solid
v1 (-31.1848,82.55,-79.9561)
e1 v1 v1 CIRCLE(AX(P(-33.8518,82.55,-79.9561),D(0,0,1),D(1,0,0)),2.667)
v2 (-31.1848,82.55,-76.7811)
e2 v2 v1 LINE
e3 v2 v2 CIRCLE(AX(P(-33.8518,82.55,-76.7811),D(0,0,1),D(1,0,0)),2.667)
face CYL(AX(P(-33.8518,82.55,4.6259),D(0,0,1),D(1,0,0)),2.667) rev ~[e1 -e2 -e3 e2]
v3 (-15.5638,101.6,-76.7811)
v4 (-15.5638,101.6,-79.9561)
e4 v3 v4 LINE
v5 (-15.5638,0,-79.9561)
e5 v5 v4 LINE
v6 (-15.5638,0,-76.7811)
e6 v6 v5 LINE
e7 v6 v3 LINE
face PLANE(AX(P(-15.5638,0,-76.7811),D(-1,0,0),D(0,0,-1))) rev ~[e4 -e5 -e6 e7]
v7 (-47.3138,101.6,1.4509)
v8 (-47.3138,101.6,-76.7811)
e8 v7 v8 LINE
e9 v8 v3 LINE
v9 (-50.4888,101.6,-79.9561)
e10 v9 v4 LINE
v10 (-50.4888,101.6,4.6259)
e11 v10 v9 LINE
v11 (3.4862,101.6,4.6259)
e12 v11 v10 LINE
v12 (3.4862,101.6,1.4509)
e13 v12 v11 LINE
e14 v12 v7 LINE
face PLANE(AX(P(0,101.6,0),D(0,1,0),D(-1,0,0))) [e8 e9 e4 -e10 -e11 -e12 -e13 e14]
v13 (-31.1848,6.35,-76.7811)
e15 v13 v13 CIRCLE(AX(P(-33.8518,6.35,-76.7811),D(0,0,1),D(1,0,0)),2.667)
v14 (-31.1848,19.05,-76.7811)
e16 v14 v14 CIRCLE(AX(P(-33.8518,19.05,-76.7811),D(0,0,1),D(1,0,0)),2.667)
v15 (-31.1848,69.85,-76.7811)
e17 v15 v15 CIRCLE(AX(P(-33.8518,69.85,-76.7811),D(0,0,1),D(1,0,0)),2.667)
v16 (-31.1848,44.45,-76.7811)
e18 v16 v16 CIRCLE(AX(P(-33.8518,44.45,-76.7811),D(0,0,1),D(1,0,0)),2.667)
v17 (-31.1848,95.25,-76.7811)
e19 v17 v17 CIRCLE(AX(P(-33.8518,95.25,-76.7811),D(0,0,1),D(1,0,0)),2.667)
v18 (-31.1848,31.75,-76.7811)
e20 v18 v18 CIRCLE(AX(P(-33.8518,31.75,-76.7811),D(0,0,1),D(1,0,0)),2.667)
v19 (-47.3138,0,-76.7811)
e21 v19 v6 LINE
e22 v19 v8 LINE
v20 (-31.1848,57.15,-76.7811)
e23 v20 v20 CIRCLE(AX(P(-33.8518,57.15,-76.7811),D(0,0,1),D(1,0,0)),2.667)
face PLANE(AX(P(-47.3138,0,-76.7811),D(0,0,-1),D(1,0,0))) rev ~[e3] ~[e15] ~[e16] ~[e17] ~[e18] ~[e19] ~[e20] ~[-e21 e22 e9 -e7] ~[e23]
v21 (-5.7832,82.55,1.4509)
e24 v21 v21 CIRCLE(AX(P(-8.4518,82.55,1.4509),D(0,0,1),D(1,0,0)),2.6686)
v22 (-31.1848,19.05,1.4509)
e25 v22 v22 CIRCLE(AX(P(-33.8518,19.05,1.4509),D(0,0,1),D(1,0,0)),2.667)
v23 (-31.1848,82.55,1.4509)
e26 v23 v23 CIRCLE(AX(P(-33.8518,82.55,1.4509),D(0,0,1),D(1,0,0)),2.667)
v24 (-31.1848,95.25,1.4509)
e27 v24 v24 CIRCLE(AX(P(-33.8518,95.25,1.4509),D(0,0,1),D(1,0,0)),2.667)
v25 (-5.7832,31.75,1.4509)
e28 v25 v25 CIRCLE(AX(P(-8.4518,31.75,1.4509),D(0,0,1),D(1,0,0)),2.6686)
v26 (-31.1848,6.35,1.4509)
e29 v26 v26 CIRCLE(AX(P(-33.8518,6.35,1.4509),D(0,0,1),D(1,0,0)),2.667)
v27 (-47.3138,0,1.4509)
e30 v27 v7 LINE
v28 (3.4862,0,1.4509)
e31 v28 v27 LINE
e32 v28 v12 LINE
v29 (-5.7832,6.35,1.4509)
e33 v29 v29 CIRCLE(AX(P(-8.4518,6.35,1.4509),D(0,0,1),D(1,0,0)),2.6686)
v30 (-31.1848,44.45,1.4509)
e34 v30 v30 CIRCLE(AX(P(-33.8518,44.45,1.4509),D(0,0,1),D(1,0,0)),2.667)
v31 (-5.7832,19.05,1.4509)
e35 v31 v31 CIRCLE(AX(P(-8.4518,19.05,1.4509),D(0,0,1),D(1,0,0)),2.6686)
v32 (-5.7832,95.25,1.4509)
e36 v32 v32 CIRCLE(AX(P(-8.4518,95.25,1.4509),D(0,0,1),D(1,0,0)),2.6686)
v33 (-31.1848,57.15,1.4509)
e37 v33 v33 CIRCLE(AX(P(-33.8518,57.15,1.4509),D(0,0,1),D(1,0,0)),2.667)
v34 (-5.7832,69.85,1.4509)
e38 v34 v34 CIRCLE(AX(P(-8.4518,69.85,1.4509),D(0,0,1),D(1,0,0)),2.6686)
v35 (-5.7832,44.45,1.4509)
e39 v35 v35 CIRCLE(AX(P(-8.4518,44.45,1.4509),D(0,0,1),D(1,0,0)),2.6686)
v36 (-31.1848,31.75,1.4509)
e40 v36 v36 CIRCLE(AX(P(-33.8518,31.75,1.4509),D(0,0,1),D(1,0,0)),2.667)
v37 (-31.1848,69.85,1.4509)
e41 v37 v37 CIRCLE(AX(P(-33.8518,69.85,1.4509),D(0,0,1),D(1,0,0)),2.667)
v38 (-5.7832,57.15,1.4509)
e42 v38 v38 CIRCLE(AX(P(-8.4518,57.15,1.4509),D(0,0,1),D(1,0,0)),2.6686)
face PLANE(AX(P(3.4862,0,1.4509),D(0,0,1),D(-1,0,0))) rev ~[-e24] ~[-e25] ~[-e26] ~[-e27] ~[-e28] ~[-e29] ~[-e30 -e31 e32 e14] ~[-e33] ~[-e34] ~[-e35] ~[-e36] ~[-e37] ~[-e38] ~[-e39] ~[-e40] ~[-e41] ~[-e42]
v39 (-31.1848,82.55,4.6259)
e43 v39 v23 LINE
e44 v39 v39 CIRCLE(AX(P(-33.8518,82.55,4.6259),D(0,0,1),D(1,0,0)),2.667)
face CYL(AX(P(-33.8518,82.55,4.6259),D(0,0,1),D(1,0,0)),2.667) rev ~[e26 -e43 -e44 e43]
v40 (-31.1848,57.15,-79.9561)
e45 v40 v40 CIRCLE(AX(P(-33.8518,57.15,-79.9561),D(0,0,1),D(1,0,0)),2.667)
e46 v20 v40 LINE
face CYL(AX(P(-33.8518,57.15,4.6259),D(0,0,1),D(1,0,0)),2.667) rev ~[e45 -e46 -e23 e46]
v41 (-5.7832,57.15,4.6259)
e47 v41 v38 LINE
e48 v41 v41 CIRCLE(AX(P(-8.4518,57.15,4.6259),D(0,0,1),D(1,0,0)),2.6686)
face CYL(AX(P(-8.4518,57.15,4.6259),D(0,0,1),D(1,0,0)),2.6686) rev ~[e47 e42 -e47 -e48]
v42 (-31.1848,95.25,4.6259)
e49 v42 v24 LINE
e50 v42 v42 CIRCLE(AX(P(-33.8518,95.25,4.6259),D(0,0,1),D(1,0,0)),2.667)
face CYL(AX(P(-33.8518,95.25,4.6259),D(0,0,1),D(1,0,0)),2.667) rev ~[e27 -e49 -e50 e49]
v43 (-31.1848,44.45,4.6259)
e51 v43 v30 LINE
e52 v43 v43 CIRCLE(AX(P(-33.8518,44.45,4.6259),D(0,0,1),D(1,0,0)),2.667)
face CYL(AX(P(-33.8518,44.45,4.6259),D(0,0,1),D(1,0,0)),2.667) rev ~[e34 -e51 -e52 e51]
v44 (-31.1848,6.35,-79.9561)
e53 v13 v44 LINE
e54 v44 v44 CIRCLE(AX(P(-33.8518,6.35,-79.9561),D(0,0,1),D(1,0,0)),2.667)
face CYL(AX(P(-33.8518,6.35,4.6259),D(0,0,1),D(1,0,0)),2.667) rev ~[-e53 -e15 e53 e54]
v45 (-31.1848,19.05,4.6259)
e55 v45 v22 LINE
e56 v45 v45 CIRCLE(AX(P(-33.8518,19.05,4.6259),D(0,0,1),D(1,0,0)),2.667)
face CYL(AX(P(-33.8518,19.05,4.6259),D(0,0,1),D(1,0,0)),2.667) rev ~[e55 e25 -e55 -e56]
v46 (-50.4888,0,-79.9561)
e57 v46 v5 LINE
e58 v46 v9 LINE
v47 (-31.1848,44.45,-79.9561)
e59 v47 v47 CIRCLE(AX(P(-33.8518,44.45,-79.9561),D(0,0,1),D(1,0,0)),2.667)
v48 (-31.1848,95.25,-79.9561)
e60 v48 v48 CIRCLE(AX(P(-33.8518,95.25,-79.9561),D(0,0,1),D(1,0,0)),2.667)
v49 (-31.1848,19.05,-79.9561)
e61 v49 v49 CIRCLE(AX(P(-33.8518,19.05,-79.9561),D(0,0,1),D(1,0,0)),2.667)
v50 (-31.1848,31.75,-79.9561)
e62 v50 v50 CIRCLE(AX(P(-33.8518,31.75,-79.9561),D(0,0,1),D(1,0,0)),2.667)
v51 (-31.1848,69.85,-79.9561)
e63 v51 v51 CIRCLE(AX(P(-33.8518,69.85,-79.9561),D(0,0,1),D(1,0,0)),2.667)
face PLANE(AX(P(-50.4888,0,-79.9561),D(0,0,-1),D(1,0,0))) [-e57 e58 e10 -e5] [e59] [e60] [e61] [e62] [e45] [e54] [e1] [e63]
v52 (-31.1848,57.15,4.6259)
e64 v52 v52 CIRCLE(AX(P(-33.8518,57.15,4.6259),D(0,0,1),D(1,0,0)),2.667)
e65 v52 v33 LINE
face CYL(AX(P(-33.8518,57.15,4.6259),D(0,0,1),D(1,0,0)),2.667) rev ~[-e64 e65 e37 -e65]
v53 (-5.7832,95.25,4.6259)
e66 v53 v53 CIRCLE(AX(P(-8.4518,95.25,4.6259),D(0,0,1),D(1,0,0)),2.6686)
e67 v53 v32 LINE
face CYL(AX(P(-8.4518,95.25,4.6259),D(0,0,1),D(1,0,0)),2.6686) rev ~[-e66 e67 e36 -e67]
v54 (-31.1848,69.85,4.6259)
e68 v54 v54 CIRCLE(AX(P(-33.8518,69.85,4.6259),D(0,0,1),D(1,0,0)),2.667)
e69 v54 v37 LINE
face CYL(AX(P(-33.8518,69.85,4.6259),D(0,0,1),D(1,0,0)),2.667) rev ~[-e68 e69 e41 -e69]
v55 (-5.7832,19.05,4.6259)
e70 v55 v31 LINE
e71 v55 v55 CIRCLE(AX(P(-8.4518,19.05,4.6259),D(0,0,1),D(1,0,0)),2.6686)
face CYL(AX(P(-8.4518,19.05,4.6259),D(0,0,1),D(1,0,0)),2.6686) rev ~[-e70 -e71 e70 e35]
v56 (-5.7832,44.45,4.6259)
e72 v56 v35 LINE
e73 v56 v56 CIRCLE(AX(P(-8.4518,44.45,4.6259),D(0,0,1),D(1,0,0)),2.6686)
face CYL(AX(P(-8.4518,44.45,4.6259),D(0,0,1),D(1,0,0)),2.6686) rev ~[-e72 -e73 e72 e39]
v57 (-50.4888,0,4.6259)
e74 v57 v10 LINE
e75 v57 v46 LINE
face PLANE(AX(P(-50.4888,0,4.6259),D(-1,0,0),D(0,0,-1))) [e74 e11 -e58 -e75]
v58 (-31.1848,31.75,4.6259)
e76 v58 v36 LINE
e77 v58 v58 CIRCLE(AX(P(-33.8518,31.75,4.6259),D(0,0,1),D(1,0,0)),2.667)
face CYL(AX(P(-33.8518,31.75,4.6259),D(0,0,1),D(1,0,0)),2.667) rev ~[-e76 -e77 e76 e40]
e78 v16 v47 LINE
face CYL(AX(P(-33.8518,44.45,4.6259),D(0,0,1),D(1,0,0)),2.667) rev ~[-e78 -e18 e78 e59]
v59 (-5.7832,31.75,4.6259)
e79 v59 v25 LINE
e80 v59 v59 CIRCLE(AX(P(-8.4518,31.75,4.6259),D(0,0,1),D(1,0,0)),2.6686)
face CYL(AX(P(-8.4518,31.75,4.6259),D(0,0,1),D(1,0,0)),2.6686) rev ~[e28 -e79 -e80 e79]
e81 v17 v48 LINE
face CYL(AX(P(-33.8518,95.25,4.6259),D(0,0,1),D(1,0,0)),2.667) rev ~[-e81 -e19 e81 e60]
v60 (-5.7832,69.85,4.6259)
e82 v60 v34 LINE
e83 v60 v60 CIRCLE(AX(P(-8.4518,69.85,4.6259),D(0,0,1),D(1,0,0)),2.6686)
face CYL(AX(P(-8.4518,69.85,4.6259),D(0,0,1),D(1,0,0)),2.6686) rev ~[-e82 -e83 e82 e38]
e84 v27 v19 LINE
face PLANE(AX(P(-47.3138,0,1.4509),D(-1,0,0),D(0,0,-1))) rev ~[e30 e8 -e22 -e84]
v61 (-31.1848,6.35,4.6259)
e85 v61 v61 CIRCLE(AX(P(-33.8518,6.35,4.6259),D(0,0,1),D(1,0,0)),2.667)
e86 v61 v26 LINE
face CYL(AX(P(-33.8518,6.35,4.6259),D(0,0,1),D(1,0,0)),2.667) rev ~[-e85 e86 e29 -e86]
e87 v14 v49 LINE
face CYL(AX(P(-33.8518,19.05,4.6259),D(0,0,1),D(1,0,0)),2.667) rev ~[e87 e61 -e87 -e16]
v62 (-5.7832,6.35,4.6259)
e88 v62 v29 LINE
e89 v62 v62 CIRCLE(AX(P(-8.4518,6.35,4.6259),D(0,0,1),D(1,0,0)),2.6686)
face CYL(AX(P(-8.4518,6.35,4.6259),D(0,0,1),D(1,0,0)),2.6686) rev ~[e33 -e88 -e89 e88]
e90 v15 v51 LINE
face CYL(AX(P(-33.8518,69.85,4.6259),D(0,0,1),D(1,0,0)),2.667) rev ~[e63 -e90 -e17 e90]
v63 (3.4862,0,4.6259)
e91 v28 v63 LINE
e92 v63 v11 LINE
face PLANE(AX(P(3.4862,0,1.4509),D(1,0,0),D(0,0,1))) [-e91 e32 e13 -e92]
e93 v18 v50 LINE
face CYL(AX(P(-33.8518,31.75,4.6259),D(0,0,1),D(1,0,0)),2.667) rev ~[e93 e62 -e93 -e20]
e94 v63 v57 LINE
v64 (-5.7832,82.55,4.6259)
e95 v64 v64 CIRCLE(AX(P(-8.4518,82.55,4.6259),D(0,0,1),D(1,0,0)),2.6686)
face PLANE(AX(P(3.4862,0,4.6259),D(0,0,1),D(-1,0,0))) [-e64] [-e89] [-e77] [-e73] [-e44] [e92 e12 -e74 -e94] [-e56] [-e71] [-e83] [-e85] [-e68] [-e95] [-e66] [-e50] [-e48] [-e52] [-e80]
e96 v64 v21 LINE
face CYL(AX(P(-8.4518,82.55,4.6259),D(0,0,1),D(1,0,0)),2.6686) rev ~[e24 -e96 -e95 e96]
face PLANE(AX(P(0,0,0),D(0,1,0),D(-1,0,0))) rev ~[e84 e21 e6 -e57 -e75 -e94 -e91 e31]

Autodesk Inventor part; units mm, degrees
ref_plane "YZ Plane" through (0, 0, 0) normal (1, 0, 0) x (0, 1, 0)
ref_plane "XZ Plane" through (0, 0, 0) normal (0, 1, 0) x (-1, 0, 0)
ref_plane "XY Plane" through (0, 0, 0) normal (0, 0, 1) x (1, 0, 0)
sketch "Sketch1" plane through (0, 0, 0) normal (0, 1, 0) x (-1, 0, 0)
  line L0 (-3.4862, 4.6259) -> (50.4888, 4.6259)
  line L1 (50.4888, 4.6259) -> (50.4888, -79.9561)
  line L2 (50.4888, -79.9561) -> (-3.4862, -79.9561)
  line L3 (-3.4862, 1.4509) -> (-3.4862, 4.6259)
  line L4 (-3.4862, 1.4509) -> (47.3138, 1.4509)
  line L5 (47.3138, 1.4509) -> (47.3138, -76.7811)
  line L6 (47.3138, -76.7811) -> (15.5638, -76.7811)
  line L7 (15.5638, -76.7811) -> (15.5638, -79.9561)
  point P0 (0, 0)
  dimension "d0" = 53.975
  dimension "d1" = 84.582
  dimension "d2" = 3.175
  dimension "d3" = 50.8
  dimension "d4" = 78.232
  dimension "d5" = 31.75
extrude "Extrusion1" add sketch "Sketch1" along normal blind 101.6
sketch "Sketch2" plane through (-50.4888, 0, 4.6259) normal (0, 0, 1) x (1, 0, 0)
  line L0 (0, 101.6) -> (53.975, 101.6) projected
  line L1 (0, 0) -> (0, 101.6) projected
  circle A0 centre (16.637, 95.25) radius 2.667
  circle A1 centre (42.037, 95.25) radius 2.6686
  circle A2 centre (16.637, 82.55) radius 2.667
  circle A3 centre (42.037, 82.55) radius 2.6686
  circle A4 centre (16.637, 69.85) radius 2.667
  circle A5 centre (42.037, 69.85) radius 2.6686
  circle A6 centre (16.637, 57.15) radius 2.667
  circle A7 centre (42.037, 57.15) radius 2.6686
  circle A8 centre (16.637, 44.45) radius 2.667
  circle A9 centre (42.037, 44.45) radius 2.6686
  circle A10 centre (16.637, 31.75) radius 2.667
  circle A11 centre (42.037, 31.75) radius 2.6686
  circle A12 centre (16.637, 19.05) radius 2.667
  circle A13 centre (42.037, 19.05) radius 2.6686
  circle A14 centre (16.637, 6.35) radius 2.667
  circle A15 centre (42.037, 6.35) radius 2.6686
  point P0 (50.4888, 0)
  dimension "d8" = 5.334
  dimension "d9" = 6.35
  dimension "d10" = 16.637
  dimension "d11" = 25.4
  dimension "d14" = 12.7
extrude "Extrusion2" cut sketch "Sketch2" against normal blind 104.775
properties part number "Chass_EndCaps" material "Aluminum 6061"
